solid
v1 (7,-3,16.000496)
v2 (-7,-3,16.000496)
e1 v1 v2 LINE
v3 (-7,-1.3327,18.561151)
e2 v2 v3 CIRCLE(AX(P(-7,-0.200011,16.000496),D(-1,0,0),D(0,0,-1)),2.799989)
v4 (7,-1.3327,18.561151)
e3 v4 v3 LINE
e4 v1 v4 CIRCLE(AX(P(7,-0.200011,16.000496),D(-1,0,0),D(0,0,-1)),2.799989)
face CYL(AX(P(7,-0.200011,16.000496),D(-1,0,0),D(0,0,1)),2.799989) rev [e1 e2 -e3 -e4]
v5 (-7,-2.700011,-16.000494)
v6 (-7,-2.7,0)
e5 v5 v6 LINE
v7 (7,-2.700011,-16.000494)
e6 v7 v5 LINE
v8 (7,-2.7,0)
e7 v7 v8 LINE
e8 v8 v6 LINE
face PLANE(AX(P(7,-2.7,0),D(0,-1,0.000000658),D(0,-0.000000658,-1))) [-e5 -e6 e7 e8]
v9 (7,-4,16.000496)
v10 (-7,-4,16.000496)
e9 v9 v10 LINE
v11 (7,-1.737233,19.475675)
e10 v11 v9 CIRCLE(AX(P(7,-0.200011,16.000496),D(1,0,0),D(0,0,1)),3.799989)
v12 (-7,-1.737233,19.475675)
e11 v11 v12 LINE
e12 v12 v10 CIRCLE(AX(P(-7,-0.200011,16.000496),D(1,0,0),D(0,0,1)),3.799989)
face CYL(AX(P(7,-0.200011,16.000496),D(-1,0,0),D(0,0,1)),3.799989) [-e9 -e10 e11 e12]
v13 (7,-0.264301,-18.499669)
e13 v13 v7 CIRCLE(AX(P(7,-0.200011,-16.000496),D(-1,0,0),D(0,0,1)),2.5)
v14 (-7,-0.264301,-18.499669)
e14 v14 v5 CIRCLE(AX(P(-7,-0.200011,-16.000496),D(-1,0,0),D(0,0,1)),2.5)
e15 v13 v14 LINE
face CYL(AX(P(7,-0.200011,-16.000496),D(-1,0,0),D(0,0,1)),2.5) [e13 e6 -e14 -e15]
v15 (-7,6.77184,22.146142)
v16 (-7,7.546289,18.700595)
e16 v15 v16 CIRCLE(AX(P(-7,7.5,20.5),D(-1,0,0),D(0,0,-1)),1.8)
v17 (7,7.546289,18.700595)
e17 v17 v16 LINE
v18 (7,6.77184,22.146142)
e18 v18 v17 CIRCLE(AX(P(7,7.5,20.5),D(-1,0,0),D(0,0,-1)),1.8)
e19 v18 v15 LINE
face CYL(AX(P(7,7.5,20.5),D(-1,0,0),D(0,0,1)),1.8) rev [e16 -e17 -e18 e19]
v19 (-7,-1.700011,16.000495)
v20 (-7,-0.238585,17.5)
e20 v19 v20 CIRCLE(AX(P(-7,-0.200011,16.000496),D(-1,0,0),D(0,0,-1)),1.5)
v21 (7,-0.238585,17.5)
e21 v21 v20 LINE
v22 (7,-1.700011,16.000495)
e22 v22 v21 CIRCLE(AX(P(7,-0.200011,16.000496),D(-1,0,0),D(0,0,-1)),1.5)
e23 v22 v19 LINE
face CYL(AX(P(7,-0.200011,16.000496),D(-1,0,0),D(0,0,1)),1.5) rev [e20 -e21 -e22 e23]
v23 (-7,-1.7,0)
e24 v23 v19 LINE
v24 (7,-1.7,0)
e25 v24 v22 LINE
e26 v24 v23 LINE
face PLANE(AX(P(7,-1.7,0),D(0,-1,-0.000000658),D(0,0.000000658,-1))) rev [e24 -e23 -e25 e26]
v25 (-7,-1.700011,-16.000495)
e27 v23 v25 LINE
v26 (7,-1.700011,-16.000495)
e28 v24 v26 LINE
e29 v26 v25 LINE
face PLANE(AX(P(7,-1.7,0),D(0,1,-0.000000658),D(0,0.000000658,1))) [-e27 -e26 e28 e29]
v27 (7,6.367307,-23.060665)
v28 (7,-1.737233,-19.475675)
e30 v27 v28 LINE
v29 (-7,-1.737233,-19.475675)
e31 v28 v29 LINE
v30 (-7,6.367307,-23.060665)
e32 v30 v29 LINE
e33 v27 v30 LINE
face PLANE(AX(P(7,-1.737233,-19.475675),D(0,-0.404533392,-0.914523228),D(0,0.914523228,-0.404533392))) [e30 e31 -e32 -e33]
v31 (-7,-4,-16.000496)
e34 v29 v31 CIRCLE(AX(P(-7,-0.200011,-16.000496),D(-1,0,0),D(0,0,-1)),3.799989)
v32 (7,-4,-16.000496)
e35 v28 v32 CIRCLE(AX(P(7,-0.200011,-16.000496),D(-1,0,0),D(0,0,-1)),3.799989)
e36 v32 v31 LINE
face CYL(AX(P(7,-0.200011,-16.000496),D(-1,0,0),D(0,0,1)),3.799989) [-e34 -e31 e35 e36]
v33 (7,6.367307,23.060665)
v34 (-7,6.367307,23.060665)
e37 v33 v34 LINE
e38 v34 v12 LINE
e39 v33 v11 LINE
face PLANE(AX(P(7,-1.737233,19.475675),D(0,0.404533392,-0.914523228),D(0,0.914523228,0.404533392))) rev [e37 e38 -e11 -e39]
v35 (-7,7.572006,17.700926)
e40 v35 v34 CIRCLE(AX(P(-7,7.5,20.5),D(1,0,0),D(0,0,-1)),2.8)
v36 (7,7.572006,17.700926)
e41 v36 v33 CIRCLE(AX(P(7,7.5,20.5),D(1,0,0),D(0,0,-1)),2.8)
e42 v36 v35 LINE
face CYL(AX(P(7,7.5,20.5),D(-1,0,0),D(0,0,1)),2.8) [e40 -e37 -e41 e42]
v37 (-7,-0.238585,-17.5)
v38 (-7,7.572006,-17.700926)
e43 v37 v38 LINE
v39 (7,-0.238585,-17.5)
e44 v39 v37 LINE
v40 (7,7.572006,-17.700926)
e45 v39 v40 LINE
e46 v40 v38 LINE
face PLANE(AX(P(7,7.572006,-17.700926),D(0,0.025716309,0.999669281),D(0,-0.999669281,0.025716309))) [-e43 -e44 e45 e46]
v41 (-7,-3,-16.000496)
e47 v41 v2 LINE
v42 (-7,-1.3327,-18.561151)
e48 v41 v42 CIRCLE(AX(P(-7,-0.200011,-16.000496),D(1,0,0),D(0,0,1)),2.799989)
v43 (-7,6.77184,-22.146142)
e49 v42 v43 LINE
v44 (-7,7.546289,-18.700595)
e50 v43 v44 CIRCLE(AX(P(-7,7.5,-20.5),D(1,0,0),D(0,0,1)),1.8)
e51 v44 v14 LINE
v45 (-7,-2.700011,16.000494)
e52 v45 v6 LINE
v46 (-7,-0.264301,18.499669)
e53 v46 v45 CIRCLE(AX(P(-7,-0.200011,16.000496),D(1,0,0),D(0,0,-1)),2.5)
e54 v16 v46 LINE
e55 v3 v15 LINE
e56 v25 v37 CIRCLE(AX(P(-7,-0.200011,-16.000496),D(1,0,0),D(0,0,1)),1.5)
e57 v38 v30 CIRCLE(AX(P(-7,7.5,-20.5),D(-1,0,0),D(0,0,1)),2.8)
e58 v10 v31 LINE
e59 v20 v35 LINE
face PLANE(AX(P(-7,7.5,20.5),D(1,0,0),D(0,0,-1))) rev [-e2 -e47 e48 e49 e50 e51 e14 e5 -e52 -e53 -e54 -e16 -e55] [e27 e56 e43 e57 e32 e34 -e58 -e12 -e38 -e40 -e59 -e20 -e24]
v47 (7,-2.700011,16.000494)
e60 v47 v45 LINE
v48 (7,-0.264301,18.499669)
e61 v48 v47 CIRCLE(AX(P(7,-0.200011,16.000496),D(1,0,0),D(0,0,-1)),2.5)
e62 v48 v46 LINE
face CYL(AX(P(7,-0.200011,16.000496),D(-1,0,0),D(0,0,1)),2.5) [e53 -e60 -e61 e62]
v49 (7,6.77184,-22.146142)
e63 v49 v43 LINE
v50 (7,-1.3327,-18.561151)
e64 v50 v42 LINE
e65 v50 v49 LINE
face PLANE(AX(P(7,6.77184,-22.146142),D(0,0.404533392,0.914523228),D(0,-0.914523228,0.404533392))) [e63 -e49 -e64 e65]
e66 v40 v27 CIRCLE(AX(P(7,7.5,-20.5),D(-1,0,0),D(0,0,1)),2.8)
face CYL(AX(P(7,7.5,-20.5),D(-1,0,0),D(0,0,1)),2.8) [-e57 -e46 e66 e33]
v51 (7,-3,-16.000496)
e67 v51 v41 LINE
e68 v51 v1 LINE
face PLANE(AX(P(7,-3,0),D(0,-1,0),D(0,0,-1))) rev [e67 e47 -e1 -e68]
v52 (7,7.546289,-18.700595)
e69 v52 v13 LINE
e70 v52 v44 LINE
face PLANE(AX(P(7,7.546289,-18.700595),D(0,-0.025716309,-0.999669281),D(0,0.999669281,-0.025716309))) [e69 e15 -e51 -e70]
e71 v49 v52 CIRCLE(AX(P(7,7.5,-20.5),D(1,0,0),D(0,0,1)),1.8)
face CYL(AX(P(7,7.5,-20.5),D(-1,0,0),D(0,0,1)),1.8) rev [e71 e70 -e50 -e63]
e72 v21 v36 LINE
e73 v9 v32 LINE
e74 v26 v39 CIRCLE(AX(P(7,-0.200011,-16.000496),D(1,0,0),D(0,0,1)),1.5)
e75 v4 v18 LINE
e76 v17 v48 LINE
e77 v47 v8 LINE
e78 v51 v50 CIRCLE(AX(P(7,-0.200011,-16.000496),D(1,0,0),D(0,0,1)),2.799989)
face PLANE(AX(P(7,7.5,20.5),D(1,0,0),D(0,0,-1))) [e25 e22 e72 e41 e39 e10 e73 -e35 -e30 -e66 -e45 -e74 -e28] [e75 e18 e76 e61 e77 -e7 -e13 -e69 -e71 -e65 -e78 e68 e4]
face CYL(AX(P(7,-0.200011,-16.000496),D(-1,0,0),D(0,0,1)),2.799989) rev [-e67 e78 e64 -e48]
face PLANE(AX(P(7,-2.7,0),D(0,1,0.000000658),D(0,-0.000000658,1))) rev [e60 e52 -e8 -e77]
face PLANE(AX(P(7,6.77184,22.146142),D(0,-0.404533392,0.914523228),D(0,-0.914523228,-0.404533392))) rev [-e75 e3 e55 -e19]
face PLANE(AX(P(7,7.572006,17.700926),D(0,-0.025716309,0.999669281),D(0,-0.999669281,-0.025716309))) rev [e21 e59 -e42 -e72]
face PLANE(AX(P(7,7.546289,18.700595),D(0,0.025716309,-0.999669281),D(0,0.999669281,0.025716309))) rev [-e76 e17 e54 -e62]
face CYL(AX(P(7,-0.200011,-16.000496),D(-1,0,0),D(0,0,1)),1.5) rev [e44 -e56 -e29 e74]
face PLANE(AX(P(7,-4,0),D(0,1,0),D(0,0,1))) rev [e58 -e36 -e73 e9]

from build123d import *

# Parameters (mm, degrees)
BOSS_EXTRUDE1_DEPTH = 7


with BuildPart() as part:
    # Sketch1 → Boss-Extrude1 (new body, symmetric)
    with BuildSketch(Plane(origin=(0, 0, 0), x_dir=(0, 0, -1), z_dir=(1, 0, 0))):
        with BuildLine():
            Line((-22.14614181, 6.771839894), (-18.561151485, -1.33269977))
            ThreePointArc((-18.561151485, -1.33269977), (-17.528308744, -2.546439623), (-16.000496078, -3))
            Line((-16.000496078, -3), (0, -3))
            Line((0, -3), (0, -4))
            Line((0, -4), (-16.000496078, -4))
            ThreePointArc((-16.000496078, -4), (-18.073958177, -3.384453165), (-19.475674713, -1.737233163))
            Line((-19.475674713, -1.737233163), (-23.060665038, 6.367306501))
            ThreePointArc((-23.060665038, 6.367306501), (-21.114031535, 10.231842835), (-17.700926013, 7.572005665))
            Line((-17.700926013, 7.572005665), (-17.5, -0.238584995))
            ThreePointArc((-17.5, -0.238584995), (-17.047428938, -1.274222609), (-16.000495091, -1.700010532))
            Line((-16.000495091, -1.700010532), (0, -1.7))
            Line((0, -1.7), (0, -2.7))
            Line((0, -2.7), (-16.000494433, -2.700010532))
            ThreePointArc((-16.000494433, -2.700010532), (-17.745384177, -1.990363995), (-18.499669281, -0.264301304))
            Line((-18.499669281, -0.264301304), (-18.700595294, 7.546289356))
            ThreePointArc((-18.700595294, 7.546289356), (-20.894734558, 9.25618468), (-22.14614181, 6.771839894))
        make_face()
    boss_extrude1 = extrude(amount=BOSS_EXTRUDE1_DEPTH, both=True)

    # Mirror1: Boss-Extrude1 across plane
    add(boss_extrude1.mirror(Plane.XY))


solid = part.part
